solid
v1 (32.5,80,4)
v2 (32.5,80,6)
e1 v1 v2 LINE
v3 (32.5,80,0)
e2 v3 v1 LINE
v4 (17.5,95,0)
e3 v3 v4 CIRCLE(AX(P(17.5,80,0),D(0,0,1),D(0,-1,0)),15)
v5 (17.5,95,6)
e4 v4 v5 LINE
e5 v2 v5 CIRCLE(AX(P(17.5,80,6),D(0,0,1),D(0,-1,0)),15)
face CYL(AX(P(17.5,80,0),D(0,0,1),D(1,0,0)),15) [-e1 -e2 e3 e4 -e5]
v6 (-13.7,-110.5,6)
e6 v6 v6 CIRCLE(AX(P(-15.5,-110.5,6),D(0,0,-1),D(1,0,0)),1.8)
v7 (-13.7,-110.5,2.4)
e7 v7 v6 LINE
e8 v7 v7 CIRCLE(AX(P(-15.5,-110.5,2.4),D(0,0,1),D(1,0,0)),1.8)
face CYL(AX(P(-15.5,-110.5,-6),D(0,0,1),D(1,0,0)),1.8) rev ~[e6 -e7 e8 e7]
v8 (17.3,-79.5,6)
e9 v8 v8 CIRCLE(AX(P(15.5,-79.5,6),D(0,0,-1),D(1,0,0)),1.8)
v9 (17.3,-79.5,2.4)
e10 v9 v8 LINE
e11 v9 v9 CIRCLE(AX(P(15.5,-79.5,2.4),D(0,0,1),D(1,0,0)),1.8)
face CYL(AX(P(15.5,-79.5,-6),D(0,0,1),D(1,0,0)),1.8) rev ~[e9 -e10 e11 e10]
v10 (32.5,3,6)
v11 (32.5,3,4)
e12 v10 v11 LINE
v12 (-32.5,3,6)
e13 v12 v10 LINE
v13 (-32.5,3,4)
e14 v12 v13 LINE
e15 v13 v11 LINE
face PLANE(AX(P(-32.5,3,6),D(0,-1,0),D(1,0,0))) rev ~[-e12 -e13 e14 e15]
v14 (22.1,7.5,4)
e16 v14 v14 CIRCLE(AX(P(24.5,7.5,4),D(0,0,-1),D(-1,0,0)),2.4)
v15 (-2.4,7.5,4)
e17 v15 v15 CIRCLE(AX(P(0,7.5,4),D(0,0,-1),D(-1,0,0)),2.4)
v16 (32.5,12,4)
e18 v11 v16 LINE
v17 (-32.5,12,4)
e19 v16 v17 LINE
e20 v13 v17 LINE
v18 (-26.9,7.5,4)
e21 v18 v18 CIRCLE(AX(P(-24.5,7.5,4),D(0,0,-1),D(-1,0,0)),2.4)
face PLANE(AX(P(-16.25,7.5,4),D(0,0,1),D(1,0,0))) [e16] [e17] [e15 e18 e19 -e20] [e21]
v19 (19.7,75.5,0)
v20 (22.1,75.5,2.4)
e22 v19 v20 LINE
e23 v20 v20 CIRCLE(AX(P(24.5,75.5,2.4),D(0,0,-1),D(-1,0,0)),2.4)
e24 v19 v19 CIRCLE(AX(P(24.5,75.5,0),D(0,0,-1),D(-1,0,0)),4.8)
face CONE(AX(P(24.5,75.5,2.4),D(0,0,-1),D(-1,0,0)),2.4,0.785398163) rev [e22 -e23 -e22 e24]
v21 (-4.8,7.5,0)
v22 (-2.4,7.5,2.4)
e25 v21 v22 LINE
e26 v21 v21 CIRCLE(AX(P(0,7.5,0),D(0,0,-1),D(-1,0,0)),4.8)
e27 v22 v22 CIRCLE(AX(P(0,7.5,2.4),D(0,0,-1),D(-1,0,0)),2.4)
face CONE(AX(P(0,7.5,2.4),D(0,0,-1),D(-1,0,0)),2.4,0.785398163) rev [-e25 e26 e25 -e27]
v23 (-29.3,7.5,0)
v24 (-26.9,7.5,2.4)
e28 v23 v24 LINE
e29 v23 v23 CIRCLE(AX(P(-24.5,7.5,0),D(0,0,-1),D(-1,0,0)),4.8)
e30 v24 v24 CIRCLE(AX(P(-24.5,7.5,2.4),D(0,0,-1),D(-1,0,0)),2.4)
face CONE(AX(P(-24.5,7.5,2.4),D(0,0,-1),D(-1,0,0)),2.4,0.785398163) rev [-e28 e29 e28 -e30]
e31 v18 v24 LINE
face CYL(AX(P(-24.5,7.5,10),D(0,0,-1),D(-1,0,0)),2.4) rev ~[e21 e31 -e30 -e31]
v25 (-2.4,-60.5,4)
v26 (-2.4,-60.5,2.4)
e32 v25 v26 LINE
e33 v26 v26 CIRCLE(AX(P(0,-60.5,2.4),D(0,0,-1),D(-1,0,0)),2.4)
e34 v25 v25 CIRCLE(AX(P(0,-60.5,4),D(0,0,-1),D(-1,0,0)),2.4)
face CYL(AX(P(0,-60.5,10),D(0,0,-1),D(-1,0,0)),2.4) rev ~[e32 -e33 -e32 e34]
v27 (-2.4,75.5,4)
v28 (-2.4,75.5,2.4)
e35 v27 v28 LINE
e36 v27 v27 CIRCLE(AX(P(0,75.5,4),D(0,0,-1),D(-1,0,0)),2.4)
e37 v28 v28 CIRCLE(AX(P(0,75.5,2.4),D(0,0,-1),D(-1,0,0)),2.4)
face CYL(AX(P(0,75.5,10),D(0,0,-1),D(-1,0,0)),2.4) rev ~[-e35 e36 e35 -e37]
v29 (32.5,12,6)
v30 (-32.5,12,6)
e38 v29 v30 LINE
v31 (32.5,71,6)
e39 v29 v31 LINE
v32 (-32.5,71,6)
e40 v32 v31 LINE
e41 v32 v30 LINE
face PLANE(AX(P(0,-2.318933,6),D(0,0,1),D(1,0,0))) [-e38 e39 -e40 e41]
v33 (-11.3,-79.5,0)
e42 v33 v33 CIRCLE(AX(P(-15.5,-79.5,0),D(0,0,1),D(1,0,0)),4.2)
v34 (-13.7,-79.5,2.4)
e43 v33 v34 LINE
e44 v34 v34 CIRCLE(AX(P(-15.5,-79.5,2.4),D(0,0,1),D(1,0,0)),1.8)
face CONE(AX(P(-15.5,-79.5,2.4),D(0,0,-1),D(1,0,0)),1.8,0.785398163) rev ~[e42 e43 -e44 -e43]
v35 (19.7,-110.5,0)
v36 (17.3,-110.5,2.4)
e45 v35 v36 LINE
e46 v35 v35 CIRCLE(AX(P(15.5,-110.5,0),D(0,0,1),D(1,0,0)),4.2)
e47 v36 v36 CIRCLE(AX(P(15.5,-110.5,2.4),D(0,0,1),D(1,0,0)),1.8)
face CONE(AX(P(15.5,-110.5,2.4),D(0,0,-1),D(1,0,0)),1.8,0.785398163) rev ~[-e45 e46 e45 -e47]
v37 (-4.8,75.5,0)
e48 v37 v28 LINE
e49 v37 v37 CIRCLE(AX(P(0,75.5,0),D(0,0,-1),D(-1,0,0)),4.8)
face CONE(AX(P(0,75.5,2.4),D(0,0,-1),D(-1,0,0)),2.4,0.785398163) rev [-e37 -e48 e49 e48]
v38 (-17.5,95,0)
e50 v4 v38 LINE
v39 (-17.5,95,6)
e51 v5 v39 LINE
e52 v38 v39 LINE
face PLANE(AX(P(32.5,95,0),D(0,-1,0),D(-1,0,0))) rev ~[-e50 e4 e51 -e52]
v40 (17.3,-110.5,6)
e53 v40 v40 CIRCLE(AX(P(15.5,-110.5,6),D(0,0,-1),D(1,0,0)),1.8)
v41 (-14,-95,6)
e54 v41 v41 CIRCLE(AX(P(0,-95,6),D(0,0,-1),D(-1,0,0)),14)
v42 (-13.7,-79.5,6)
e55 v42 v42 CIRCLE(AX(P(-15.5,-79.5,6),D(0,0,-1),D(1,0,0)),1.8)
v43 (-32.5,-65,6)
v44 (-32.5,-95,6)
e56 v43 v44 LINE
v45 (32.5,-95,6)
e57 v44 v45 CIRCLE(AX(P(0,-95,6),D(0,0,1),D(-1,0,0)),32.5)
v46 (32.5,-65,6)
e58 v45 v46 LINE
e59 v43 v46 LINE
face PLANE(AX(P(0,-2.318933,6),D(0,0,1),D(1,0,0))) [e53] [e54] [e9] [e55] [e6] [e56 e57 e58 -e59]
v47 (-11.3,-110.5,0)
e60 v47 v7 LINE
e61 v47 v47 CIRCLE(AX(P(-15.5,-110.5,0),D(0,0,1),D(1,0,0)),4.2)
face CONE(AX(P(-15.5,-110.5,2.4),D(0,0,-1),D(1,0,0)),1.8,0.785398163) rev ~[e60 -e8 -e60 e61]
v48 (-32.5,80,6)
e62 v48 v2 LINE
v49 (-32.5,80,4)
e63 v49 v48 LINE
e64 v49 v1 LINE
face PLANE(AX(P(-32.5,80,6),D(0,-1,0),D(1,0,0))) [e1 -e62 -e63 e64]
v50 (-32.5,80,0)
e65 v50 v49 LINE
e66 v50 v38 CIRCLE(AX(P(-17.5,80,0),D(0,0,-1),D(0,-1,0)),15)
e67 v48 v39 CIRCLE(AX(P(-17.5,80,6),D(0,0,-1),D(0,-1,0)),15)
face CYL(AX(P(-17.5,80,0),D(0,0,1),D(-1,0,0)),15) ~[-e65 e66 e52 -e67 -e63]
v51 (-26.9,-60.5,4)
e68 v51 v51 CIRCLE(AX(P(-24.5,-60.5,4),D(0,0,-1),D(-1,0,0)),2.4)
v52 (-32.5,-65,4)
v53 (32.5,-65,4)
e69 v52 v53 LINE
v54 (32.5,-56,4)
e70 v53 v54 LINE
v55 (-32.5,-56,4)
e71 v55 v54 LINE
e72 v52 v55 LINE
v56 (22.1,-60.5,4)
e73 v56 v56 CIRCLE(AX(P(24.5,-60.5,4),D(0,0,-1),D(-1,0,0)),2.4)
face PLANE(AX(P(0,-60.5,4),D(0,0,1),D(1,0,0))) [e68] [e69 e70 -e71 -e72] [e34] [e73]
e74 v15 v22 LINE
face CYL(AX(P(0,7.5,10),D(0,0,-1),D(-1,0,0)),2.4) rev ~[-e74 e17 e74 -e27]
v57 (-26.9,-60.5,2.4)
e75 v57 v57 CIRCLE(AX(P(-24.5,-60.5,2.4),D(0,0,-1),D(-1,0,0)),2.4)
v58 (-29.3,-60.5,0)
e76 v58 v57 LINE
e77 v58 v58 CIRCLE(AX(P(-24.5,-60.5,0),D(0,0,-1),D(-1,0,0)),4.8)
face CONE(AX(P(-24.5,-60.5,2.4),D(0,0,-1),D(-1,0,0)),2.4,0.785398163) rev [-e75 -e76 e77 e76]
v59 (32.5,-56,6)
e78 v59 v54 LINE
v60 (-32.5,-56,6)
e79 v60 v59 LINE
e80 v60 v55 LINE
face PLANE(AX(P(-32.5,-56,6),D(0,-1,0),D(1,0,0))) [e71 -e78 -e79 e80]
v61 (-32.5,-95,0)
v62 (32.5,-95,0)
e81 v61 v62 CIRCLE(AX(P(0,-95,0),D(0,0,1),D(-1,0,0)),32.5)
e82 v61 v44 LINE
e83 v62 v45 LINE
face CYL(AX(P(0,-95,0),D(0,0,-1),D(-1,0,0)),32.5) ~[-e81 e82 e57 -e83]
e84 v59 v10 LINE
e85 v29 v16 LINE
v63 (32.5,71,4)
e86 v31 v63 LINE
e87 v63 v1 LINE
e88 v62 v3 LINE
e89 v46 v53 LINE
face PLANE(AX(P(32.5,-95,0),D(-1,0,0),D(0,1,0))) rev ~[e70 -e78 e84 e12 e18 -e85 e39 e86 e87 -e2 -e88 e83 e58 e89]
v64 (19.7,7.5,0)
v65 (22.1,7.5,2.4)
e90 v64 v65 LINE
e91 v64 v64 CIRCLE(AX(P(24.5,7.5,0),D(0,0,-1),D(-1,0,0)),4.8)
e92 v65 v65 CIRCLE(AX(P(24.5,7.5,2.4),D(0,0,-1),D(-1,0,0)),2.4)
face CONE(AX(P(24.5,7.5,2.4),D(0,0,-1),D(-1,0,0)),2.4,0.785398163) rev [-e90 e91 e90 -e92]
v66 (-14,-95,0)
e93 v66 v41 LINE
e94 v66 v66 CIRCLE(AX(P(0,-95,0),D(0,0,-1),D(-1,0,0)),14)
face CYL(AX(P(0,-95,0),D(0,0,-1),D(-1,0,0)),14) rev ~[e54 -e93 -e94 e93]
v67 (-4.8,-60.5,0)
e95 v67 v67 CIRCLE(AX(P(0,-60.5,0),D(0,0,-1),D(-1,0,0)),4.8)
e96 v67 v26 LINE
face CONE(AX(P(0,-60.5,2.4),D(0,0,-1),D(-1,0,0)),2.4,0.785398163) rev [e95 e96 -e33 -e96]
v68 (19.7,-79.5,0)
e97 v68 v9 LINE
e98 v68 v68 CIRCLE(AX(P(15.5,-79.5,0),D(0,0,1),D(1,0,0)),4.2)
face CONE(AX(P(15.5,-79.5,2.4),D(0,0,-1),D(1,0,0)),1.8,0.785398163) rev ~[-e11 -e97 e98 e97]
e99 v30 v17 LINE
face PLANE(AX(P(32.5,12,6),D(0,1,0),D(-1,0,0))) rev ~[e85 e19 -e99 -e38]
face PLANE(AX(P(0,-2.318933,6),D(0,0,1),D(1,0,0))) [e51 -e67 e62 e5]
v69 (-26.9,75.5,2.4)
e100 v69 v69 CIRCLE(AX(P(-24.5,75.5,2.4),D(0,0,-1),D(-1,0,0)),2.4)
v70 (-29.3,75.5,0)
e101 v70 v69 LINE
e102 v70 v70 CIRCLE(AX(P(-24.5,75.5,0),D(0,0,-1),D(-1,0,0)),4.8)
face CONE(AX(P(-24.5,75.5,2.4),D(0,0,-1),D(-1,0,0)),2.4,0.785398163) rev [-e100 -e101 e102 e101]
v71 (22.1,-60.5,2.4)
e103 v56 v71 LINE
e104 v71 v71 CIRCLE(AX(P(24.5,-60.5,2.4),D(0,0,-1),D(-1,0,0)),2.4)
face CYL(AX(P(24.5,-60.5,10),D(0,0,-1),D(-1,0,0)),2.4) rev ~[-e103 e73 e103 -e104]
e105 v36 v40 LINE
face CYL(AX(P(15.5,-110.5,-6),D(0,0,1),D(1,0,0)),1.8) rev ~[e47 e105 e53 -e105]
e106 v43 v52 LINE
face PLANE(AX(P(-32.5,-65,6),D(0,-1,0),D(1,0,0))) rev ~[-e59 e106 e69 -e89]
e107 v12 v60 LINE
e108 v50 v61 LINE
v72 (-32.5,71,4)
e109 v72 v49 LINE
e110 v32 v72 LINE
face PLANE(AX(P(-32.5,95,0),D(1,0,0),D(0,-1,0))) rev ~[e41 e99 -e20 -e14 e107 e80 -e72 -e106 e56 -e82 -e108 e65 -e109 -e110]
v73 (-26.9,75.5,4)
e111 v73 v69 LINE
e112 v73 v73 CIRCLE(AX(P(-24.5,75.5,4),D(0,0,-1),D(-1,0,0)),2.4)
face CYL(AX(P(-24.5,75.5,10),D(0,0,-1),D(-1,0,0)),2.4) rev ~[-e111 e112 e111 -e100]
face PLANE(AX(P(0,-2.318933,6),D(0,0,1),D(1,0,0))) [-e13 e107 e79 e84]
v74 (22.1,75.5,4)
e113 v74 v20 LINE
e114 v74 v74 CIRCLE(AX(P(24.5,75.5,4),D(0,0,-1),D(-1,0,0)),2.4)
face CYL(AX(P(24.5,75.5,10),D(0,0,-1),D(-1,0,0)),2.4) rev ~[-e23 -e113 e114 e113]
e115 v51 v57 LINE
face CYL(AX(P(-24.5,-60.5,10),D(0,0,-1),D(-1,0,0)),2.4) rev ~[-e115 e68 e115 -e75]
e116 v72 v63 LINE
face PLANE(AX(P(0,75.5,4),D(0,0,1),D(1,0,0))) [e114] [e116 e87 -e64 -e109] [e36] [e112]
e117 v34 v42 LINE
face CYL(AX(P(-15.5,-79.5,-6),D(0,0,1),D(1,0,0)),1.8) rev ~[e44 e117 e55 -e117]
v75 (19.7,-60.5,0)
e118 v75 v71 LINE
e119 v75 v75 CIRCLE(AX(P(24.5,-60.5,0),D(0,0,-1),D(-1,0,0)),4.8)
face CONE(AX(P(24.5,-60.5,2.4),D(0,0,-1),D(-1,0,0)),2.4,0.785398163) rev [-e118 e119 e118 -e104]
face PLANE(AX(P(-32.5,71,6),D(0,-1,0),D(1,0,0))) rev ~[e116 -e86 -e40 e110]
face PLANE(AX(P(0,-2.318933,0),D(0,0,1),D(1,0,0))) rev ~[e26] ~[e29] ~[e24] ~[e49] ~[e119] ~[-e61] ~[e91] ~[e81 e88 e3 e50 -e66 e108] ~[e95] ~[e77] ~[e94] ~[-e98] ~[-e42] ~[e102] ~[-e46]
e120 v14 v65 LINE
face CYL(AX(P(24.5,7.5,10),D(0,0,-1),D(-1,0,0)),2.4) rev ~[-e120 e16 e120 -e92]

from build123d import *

# Parameters (mm, degrees)
BOSS_EXTRUDE1_DEPTH      = 6
M3_CLEARANCE_HOLE1_D     = 3.6
M3_CLEARANCE_HOLE1_DEPTH = 6
M3_CLEARANCE_HOLE1_TIP   = 1.081549114
FILLET1_R                = 15
SKETCH4_W                = 65
SKETCH4_H                = 9
SKETCH4_W_2              = 32.5
CUT_EXTRUDE1_DEPTH       = 2
M4_CLEARANCE_HOLE1_D     = 4.8
M4_CLEARANCE_HOLE1_DEPTH = 6
M4_CLEARANCE_HOLE1_TIP   = 1.442065486
CHAMFER1_SIZE            = 2.4


with BuildPart() as part:
    # Sketch1 → Boss-Extrude1 (new body)
    with BuildSketch(Plane.XY):
        with BuildLine():
            Line((-32.5, 95), (-32.5, -95))
            ThreePointArc((-32.5, -95), (0, -62.5), (32.5, -95))
            Line((32.5, -95), (32.5, 95))
            Line((32.5, 95), (-32.5, 95))
        make_face()
        with BuildLine():
            ThreePointArc((32.5, -95), (0, -62.5), (-32.5, -95))
            Line((-32.5, -95), (-15.5, -95))
            Line((-15.5, -95), (-15.5, -79.5))
            Line((-15.5, -79.5), (15.5, -79.5))
            Line((15.5, -79.5), (15.5, -95))
            Line((15.5, -95), (32.5, -95))
        make_face()
        with BuildLine():
            Line((-15.5, -95), (-32.5, -95))
            ThreePointArc((-32.5, -95), (0, -127.5), (32.5, -95))
            Line((32.5, -95), (15.5, -95))
            Line((15.5, -95), (15.5, -110.5))
            Line((15.5, -110.5), (-15.5, -110.5))
            Line((-15.5, -110.5), (-15.5, -95))
        make_face()
        with BuildLine():
            Line((-14, -95), (-15.5, -95))
            Line((-15.5, -95), (-15.5, -110.5))
            Line((-15.5, -110.5), (15.5, -110.5))
            Line((15.5, -110.5), (15.5, -95))
            Line((15.5, -95), (14, -95))
            ThreePointArc((14, -95), (0, -109), (-14, -95))
        make_face()
        with BuildLine():
            Line((-15.5, -79.5), (-15.5, -95))
            Line((-15.5, -95), (-14, -95))
            ThreePointArc((-14, -95), (0, -81), (14, -95))
            Line((14, -95), (15.5, -95))
            Line((15.5, -95), (15.5, -79.5))
            Line((15.5, -79.5), (-15.5, -79.5))
        make_face()
    extrude(amount=BOSS_EXTRUDE1_DEPTH)

    # M3 Clearance Hole1
    with Locations(Plane(origin=(0, 0, 0), x_dir=(-1, 0, 0), z_dir=(0, 0, -1))):
        with Locations((-15.5, -110.5), (15.5, -110.5), (15.5, -79.5), (-15.5, -79.5)):
            Hole(M3_CLEARANCE_HOLE1_D / 2, depth=M3_CLEARANCE_HOLE1_DEPTH)
            with Locations((0, 0, -(M3_CLEARANCE_HOLE1_DEPTH + M3_CLEARANCE_HOLE1_TIP / 2))):  # 118° drill point
                Cone(0, M3_CLEARANCE_HOLE1_D / 2, M3_CLEARANCE_HOLE1_TIP, mode=Mode.SUBTRACT)

    # Fillet1
    fillet1_edges = [part.edges().sort_by_distance(p)[0] for p in [
        (-32.5, 95, 3),
        (32.5, 95, 3),
    ]]
    fillet(fillet1_edges, radius=FILLET1_R)

    # Sketch4 → Cut-Extrude1 (cut)
    with BuildSketch(Plane.XY.offset(6)):
        with Locations((0, 75.5)):
            Rectangle(SKETCH4_W, SKETCH4_H)
        with Locations((-16.25, 7.5)):
            Rectangle(SKETCH4_W_2, SKETCH4_H)
        with Locations((16.25, 7.5)):
            Rectangle(SKETCH4_W_2, SKETCH4_H)
        with Locations((0, -60.5)):
            Rectangle(SKETCH4_W, SKETCH4_H)
    extrude(amount=-CUT_EXTRUDE1_DEPTH, mode=Mode.SUBTRACT)

    # M4 Clearance Hole1
    with Locations(Plane.XY.offset(4)):
        with Locations((-24.5, -60.5), (-24.5, 75.5), (24.5, 75.5), (0, 75.5), (-24.5, 7.5), (0, 7.5), (24.5, 7.5), (24.5, -60.5), (0, -60.5)):
            Hole(M4_CLEARANCE_HOLE1_D / 2, depth=M4_CLEARANCE_HOLE1_DEPTH)
            with Locations((0, 0, -(M4_CLEARANCE_HOLE1_DEPTH + M4_CLEARANCE_HOLE1_TIP / 2))):  # 118° drill point
                Cone(0, M4_CLEARANCE_HOLE1_D / 2, M4_CLEARANCE_HOLE1_TIP, mode=Mode.SUBTRACT)

    # Chamfer1
    chamfer1_edges = [part.edges().sort_by_distance(p)[0] for p in [
        (-22.1, -60.5, 0),
        (2.4, -60.5, 0),
        (26.9, -60.5, 0),
        (26.9, 7.5, 0),
        (2.4, 7.5, 0),
        (-22.1, 7.5, 0),
        (2.4, 75.5, 0),
        (26.9, 75.5, 0),
        (-22.1, 75.5, 0),
        (13.7, -79.5, 0),
        (-17.3, -79.5, 0),
        (-17.3, -110.5, 0),
        (13.7, -110.5, 0),
    ]]
    chamfer(chamfer1_edges, length=CHAMFER1_SIZE)


solid = part.part
